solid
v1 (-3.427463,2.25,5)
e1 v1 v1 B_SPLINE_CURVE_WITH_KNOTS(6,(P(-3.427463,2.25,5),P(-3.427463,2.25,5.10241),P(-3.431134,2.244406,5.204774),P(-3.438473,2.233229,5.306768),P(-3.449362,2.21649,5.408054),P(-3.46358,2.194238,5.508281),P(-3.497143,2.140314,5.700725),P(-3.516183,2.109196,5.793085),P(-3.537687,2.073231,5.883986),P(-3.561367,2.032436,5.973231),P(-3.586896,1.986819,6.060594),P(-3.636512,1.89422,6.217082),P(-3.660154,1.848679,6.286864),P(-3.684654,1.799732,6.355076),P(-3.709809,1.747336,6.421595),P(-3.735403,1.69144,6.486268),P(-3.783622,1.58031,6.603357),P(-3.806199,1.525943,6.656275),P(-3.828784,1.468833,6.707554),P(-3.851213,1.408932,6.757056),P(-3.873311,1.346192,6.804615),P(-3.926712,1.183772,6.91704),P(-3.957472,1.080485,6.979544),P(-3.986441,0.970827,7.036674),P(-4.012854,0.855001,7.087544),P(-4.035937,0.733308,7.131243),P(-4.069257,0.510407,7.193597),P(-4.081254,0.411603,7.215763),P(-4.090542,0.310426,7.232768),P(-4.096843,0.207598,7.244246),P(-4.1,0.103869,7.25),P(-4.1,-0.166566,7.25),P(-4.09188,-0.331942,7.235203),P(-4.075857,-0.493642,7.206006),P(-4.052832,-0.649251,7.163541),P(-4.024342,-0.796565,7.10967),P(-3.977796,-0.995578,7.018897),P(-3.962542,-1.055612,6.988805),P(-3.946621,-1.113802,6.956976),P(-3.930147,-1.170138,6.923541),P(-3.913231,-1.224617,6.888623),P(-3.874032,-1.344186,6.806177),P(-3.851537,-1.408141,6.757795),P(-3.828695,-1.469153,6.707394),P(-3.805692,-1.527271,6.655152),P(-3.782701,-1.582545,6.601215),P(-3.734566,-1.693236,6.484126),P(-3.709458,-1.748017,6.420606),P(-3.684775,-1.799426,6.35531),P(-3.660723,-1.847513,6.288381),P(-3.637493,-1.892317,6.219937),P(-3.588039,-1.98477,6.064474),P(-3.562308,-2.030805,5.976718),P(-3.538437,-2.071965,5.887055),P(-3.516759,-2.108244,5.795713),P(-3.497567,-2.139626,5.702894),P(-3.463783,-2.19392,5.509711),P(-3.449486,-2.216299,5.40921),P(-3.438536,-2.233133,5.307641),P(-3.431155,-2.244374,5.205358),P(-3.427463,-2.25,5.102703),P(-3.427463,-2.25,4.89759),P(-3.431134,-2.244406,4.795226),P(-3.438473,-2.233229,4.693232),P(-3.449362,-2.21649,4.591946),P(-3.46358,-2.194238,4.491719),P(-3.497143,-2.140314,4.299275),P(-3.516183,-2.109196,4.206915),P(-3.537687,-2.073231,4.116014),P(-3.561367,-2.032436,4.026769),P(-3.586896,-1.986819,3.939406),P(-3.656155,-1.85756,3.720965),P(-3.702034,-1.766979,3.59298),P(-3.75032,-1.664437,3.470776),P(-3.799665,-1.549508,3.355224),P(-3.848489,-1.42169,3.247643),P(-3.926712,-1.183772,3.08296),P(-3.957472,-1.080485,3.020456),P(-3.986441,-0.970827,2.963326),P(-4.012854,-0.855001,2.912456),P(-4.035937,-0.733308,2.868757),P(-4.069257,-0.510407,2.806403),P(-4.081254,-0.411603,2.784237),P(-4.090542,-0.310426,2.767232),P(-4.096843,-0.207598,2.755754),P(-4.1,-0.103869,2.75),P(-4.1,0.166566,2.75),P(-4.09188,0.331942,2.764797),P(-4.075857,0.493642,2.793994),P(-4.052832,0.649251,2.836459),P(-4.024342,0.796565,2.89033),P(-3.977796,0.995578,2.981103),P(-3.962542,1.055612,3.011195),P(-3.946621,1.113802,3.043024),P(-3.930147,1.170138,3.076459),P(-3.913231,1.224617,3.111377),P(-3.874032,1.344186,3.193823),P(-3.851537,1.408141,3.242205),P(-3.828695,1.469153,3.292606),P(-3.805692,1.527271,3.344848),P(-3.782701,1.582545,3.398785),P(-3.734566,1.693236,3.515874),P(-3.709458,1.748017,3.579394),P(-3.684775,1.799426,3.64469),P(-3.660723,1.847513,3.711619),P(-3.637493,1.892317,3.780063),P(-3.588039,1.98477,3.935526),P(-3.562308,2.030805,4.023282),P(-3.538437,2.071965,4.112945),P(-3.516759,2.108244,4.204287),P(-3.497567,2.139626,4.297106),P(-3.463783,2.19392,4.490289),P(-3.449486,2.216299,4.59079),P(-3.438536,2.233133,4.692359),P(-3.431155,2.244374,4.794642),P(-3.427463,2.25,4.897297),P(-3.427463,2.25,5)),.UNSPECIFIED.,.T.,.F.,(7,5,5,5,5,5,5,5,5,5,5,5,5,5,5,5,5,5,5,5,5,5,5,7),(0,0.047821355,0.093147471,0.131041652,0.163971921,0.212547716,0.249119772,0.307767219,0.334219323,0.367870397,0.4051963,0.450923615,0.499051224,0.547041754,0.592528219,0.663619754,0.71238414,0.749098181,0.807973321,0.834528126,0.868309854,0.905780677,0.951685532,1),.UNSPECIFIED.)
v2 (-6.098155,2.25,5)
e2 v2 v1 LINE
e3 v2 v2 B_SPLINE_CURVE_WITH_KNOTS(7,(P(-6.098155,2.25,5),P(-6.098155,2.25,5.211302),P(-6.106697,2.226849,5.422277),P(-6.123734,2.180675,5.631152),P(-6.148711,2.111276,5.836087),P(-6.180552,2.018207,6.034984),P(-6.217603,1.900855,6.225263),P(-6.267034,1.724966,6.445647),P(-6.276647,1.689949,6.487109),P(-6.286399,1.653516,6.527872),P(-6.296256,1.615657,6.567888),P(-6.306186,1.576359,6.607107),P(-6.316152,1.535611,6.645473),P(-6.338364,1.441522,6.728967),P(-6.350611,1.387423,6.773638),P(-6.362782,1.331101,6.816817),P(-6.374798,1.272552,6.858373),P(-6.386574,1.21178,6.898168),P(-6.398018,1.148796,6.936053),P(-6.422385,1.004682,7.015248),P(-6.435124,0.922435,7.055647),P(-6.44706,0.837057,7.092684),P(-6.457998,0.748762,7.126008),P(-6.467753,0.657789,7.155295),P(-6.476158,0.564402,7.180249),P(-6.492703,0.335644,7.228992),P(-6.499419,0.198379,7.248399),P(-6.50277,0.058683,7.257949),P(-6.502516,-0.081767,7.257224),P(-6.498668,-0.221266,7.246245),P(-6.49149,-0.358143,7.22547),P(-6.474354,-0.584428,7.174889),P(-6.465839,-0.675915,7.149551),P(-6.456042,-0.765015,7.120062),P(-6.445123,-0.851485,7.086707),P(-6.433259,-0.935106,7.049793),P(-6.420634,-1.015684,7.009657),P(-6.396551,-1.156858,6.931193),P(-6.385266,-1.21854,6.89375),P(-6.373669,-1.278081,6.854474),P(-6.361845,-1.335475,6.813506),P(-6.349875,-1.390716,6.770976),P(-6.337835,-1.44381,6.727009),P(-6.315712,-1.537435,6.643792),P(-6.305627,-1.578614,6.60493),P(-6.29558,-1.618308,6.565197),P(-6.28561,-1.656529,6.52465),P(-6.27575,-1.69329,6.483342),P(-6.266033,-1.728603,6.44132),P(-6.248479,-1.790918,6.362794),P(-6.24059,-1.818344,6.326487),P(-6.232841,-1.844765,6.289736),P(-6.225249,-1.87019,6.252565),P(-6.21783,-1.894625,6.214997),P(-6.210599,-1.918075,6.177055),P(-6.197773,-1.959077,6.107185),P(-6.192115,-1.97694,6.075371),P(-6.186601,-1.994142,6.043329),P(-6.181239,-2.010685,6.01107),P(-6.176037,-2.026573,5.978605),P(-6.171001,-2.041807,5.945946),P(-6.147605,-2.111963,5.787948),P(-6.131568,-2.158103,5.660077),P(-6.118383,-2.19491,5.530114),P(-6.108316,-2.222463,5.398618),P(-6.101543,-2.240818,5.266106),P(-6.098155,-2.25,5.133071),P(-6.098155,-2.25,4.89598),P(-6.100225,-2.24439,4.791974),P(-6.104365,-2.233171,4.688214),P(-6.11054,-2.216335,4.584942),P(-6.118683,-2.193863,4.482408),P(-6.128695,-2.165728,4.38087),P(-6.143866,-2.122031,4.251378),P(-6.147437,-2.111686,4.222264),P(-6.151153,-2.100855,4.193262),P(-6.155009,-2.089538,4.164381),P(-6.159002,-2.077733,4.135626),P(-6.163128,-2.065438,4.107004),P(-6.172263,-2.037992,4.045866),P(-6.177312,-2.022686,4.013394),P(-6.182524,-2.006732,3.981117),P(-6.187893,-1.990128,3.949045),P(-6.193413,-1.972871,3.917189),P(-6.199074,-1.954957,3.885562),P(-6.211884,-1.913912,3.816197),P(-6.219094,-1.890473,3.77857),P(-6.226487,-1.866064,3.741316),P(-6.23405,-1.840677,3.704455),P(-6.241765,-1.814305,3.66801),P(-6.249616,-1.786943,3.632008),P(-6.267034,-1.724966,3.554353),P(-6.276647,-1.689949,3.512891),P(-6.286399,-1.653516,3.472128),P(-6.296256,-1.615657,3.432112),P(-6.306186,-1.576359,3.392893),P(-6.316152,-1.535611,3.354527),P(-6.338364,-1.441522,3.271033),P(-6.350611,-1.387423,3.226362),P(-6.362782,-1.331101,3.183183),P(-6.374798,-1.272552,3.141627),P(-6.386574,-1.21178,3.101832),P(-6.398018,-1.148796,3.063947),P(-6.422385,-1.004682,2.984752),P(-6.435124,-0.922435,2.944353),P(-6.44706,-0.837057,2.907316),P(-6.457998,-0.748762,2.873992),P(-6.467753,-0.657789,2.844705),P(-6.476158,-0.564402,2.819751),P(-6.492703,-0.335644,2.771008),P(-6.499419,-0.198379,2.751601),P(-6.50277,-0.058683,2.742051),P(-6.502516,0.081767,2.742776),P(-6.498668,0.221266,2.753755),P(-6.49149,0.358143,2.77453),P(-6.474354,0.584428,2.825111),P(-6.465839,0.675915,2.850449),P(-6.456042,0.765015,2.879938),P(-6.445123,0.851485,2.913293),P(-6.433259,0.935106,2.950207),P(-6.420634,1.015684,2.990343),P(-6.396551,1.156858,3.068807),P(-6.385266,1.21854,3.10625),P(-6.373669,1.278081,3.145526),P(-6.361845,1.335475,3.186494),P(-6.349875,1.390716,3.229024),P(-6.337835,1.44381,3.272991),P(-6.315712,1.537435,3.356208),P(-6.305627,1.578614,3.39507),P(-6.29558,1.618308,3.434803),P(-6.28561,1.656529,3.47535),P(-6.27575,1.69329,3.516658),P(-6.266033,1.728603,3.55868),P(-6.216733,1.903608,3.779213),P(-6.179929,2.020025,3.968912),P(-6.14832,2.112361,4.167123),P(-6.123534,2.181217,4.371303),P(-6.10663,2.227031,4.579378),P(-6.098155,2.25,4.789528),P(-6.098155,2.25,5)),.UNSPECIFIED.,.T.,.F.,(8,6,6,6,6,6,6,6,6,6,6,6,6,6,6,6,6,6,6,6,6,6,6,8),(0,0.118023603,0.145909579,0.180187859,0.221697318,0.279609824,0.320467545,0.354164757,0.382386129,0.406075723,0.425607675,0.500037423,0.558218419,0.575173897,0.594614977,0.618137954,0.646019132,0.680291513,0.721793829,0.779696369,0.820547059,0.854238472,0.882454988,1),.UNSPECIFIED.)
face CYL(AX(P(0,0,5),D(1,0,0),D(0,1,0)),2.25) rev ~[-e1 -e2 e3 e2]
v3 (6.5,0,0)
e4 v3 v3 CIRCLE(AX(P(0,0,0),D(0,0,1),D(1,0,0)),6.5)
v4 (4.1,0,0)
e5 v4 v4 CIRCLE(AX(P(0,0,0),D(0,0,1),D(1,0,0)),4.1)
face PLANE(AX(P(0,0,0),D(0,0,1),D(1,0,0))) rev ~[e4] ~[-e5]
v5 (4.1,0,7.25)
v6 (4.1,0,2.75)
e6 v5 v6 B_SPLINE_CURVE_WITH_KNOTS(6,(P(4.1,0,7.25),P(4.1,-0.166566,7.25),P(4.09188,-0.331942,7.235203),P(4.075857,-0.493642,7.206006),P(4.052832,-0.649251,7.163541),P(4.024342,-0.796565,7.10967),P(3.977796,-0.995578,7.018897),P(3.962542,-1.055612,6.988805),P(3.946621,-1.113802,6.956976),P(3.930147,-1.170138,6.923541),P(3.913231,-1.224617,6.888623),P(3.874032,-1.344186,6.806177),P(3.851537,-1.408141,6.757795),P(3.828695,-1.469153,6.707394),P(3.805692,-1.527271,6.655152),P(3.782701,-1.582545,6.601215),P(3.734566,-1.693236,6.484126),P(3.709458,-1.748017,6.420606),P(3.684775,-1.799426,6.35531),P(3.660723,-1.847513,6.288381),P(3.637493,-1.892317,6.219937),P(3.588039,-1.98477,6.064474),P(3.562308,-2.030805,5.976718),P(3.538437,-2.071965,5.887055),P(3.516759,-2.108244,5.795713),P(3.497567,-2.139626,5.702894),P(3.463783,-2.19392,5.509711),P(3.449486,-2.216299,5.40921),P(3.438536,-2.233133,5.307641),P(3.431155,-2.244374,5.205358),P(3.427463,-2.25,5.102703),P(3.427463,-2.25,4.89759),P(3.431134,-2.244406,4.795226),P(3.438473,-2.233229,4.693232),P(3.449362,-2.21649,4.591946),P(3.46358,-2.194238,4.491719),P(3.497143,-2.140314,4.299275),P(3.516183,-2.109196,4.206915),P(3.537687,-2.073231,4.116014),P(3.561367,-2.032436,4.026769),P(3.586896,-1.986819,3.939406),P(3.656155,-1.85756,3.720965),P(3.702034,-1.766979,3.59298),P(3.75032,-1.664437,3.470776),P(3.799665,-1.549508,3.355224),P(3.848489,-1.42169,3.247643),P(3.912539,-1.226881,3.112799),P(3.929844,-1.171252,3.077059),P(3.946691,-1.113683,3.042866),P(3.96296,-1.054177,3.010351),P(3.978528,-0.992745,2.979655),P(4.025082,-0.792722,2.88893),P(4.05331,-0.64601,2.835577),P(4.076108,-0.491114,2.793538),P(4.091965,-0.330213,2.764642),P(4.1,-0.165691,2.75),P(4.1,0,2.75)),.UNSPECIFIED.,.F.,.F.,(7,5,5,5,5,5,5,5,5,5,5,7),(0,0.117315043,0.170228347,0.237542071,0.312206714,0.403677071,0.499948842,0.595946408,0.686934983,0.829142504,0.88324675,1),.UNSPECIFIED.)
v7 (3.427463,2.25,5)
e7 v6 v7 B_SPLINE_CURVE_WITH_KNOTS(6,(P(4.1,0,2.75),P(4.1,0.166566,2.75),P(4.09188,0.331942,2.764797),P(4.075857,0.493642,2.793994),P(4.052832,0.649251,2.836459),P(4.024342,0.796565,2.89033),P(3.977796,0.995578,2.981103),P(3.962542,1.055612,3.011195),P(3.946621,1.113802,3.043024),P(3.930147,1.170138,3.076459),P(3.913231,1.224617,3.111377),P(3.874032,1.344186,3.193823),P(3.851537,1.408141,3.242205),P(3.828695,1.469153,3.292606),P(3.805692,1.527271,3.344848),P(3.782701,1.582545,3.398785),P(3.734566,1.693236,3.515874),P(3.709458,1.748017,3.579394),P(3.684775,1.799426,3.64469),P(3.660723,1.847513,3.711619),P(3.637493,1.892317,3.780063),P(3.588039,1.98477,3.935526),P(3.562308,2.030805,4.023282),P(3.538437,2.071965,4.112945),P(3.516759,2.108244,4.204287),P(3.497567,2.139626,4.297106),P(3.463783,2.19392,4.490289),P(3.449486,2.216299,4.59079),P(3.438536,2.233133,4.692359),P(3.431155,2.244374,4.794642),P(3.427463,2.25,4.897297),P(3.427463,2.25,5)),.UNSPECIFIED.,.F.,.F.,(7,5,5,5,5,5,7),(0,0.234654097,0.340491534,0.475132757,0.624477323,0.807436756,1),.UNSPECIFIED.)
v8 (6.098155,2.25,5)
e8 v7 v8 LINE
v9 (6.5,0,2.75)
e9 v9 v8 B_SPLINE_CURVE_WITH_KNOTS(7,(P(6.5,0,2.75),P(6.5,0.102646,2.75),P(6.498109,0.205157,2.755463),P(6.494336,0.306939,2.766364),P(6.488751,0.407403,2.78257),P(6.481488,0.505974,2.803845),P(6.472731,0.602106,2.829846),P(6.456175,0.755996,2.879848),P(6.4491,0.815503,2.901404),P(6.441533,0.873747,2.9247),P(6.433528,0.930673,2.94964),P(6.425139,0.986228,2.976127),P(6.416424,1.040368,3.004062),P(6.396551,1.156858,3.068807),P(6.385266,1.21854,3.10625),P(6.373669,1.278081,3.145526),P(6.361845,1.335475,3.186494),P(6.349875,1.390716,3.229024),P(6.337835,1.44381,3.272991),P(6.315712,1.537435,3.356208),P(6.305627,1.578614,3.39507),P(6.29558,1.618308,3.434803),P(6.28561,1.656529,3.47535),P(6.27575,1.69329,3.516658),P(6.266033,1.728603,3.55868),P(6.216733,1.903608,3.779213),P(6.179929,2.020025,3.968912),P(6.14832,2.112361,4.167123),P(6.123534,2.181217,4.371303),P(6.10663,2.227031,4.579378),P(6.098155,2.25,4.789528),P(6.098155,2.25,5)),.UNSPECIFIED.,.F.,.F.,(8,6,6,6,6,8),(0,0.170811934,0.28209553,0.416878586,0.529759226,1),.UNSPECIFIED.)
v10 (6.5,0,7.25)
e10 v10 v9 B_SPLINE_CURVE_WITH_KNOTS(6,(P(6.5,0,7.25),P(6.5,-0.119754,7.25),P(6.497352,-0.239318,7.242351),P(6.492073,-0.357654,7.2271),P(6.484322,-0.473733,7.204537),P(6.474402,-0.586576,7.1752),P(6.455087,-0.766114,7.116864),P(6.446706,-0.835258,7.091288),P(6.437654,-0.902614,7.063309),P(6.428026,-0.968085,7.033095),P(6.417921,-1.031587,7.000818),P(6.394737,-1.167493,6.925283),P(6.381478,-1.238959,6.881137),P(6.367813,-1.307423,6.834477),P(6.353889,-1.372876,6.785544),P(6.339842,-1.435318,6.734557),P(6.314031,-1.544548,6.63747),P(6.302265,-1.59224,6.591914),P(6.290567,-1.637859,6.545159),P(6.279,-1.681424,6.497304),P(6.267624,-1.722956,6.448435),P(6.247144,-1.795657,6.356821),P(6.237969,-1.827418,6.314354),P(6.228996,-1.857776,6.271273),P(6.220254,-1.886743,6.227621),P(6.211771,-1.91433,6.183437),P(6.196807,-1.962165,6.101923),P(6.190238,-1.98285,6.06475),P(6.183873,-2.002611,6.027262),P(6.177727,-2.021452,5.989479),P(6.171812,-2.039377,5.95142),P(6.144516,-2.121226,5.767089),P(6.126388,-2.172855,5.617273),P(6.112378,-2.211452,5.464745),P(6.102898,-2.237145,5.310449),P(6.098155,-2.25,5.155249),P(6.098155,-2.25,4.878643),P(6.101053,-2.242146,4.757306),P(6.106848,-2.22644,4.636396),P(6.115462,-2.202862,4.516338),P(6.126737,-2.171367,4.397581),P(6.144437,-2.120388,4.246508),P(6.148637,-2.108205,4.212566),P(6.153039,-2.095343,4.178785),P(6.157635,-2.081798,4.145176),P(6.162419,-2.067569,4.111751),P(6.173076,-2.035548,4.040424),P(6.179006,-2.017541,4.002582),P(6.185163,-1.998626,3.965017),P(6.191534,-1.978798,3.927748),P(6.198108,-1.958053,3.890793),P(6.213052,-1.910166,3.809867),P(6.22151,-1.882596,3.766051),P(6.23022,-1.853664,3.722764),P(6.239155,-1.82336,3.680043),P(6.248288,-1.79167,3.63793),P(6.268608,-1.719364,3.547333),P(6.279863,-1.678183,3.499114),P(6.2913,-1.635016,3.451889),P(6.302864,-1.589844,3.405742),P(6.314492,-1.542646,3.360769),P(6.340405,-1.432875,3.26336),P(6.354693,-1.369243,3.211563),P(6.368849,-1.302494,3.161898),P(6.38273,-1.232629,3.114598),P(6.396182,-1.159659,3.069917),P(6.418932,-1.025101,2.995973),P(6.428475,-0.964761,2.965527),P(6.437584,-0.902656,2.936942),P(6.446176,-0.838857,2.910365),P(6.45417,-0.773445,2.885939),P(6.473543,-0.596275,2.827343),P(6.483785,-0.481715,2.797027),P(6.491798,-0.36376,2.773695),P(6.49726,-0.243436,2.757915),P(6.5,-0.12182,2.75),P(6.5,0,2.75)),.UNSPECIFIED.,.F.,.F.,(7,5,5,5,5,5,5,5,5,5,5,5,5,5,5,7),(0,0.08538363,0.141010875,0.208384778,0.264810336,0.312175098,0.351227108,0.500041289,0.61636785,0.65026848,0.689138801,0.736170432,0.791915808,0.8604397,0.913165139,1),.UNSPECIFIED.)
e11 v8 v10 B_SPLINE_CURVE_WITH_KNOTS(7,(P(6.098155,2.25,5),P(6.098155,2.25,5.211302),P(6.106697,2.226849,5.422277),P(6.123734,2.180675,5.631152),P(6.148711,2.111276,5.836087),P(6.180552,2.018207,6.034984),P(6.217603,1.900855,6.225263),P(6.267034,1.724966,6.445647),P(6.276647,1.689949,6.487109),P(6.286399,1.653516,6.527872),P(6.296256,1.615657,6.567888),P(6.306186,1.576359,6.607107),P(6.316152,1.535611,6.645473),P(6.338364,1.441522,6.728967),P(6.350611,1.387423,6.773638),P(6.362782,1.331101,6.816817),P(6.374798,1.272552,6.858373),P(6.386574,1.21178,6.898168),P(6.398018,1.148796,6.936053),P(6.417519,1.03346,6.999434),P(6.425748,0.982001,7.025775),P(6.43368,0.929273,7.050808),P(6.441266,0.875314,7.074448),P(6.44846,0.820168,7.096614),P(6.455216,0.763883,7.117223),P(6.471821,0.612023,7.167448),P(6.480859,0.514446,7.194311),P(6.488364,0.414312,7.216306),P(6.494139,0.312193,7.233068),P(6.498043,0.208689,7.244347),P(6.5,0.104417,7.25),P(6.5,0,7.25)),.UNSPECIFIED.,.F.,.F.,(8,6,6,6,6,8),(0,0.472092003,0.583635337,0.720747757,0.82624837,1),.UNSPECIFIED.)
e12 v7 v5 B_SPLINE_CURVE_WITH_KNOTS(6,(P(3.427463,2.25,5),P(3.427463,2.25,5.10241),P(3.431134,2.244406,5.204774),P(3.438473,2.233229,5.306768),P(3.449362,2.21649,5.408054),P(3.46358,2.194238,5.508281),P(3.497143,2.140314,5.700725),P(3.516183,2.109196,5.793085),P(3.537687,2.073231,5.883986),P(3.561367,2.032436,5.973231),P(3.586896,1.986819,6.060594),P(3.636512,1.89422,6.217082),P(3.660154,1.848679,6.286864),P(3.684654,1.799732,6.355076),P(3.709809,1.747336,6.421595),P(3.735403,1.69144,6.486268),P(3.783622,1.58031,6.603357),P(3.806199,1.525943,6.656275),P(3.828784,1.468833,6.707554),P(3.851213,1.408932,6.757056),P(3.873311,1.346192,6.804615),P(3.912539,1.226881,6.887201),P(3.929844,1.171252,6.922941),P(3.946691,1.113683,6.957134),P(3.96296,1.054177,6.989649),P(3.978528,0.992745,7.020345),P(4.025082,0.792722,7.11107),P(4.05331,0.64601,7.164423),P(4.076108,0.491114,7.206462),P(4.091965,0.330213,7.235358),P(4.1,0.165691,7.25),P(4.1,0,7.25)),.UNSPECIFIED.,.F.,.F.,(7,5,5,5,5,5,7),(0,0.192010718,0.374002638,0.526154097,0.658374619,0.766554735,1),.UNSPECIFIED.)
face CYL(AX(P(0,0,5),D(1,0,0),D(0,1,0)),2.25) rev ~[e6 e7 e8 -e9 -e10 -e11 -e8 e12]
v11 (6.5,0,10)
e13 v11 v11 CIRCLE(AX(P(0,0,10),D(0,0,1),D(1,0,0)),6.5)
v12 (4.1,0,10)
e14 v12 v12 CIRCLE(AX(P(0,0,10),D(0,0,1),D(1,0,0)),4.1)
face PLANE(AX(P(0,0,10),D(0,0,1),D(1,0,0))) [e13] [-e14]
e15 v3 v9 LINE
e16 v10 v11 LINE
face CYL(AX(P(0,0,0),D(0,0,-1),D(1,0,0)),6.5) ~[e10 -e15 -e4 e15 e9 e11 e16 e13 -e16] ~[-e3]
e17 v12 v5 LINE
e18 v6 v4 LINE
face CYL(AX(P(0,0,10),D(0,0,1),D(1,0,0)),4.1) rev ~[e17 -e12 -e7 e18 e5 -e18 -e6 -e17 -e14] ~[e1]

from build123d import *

# Parameters (mm, degrees)
F0_R     = 6.5
F1_DEPTH = 10
F2_R     = 4.1
F3_DEPTH = 10
F4_R     = 2.25
F5_DEPTH = 12.5


with BuildPart() as f1:
    # F0 (on Top) → F1 (new body)
    with BuildSketch(Plane.XY):
        Circle(F0_R)
    extrude(amount=F1_DEPTH)

    # F2 (on face) → F3 (cut)
    with BuildSketch(Plane.XY.offset(10)):
        Circle(F2_R)
    extrude(amount=-F3_DEPTH, mode=Mode.SUBTRACT)

    # F4 (on Right) → F5 (cut, symmetric)
    with BuildSketch(Plane.YZ):
        with Locations((0, 5)):
            Circle(F4_R)
    extrude(amount=F5_DEPTH, both=True, mode=Mode.SUBTRACT)


solid = f1.part
